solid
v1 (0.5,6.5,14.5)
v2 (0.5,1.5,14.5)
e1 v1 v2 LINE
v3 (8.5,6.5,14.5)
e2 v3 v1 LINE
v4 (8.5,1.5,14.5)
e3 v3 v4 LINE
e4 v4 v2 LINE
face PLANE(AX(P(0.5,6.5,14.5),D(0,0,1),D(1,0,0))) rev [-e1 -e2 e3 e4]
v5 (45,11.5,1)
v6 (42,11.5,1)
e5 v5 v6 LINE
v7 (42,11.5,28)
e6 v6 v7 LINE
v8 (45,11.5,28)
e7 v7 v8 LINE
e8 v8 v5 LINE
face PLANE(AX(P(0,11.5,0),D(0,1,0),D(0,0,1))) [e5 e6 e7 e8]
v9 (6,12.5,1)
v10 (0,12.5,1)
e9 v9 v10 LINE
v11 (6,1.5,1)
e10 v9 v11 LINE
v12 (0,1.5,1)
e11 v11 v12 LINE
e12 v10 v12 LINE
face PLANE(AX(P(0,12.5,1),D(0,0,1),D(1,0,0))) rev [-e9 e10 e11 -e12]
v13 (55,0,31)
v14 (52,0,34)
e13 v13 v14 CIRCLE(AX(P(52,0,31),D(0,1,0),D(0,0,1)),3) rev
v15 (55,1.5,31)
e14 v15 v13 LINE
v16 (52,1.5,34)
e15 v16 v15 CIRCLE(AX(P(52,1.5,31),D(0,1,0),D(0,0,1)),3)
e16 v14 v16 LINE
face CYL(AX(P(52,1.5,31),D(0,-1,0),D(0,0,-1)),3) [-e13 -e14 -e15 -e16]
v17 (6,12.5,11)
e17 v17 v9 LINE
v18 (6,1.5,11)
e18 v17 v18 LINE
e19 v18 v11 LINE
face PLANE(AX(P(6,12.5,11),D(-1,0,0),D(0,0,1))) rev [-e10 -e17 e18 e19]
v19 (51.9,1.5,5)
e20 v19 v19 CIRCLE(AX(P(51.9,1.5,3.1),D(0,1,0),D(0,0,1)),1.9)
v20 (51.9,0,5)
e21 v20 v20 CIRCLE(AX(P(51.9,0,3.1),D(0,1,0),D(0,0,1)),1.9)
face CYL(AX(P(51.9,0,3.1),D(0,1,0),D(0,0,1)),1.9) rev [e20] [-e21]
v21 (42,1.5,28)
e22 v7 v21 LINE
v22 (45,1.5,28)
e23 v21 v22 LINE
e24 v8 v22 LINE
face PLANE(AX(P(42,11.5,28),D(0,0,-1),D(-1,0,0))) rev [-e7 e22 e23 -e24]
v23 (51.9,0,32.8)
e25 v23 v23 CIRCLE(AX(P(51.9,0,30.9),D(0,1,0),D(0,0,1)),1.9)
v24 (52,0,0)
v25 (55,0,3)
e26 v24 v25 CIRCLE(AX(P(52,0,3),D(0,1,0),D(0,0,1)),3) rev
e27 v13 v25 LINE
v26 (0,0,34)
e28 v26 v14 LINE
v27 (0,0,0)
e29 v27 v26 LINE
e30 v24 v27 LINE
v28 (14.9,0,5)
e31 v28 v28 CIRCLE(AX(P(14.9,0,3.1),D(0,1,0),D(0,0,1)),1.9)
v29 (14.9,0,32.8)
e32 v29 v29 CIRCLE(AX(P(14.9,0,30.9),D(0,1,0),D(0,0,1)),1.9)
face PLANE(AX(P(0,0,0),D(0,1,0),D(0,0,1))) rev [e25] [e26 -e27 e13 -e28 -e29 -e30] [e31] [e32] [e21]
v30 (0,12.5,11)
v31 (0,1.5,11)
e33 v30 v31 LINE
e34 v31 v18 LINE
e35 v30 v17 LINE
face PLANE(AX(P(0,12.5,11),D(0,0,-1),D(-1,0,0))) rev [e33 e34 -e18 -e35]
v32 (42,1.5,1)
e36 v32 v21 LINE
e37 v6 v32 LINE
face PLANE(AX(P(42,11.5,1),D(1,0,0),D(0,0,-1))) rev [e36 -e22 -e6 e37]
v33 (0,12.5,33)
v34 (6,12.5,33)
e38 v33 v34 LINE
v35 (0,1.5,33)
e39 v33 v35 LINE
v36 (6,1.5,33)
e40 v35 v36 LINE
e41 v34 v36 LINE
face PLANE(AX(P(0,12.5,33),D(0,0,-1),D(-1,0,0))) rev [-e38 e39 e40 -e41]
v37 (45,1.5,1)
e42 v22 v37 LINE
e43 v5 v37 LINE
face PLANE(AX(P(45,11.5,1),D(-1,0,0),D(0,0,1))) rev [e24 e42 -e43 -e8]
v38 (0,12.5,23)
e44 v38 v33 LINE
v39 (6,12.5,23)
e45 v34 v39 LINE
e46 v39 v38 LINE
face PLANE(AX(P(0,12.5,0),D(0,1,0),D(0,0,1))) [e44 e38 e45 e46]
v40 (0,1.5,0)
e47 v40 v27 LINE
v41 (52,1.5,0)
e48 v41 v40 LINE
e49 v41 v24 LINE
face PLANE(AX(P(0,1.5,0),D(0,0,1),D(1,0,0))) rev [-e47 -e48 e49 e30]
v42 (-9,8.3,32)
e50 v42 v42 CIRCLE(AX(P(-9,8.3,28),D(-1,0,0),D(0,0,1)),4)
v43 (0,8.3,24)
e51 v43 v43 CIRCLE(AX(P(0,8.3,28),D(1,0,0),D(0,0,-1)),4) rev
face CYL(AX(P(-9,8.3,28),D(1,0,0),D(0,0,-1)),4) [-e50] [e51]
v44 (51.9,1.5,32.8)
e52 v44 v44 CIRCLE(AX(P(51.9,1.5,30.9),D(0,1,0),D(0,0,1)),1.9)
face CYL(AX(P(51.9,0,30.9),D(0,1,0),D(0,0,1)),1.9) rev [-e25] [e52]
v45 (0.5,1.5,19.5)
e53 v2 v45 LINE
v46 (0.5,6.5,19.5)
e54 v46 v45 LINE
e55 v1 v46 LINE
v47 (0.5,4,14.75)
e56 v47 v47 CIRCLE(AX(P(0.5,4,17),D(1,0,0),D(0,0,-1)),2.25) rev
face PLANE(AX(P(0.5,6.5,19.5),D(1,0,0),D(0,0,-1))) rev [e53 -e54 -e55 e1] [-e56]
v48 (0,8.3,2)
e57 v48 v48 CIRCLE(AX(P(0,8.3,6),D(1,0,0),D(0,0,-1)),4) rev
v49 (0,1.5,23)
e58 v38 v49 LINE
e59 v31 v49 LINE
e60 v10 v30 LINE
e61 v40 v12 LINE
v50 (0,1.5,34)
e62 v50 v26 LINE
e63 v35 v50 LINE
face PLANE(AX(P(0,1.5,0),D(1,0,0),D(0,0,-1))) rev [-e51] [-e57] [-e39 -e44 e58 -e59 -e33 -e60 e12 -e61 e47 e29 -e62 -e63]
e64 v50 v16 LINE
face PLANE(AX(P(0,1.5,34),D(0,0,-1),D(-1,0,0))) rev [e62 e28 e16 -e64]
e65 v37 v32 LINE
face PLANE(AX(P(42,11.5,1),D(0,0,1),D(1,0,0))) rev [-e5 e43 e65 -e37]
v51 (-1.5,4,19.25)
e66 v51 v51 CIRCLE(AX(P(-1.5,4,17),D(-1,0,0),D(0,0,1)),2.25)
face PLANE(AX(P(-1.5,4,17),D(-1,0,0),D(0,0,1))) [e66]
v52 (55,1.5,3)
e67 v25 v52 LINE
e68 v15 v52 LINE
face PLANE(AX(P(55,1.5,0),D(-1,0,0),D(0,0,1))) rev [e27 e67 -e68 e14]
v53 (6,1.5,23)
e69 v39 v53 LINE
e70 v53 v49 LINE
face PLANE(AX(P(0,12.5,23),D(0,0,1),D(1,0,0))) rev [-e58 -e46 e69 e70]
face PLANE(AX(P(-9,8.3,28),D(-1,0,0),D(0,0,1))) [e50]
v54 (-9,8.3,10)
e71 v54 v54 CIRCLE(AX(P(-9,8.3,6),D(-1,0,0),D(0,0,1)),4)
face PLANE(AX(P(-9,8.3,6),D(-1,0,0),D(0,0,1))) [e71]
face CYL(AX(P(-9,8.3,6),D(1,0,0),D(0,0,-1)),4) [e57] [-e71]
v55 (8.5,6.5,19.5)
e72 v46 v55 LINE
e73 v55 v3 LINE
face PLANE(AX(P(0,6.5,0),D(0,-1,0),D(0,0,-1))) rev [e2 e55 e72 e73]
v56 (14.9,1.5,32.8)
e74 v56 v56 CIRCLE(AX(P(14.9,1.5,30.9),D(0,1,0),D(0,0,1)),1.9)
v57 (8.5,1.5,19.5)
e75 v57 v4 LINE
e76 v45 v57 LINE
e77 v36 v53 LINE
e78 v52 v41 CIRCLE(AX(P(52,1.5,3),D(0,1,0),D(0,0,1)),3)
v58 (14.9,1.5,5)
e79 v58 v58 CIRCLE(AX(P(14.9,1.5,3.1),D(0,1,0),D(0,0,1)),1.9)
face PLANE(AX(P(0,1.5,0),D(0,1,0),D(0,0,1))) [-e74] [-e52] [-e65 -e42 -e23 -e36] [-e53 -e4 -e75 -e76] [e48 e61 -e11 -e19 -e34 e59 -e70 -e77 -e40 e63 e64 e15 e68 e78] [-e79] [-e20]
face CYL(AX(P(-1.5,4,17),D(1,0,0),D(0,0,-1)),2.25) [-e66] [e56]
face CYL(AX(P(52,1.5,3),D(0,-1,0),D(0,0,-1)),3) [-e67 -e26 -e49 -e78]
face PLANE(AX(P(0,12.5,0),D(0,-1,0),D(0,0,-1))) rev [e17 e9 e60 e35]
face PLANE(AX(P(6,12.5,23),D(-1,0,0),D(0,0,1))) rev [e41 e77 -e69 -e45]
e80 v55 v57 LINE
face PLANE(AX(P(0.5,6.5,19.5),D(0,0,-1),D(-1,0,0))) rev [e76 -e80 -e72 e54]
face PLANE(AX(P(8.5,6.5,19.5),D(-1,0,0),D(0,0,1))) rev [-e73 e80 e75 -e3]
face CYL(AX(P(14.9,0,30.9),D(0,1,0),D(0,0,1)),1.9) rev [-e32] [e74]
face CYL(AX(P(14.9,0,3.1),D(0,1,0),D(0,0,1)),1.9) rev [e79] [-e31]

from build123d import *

# Parameters (mm, degrees)
SKETCH1_W           = 55
SKETCH1_H           = 34
BOSS_EXTRUDE1_DEPTH = 1.5
SKETCH2_R           = 1.9
CUT_EXTRUDE1_DEPTH  = 2.5
FILLET1_R           = 3
SKETCH3_W           = 8
SKETCH3_H           = 5
BOSS_EXTRUDE2_DEPTH = 5
SKETCH4_R           = 2.25
BOSS_EXTRUDE3_DEPTH = 2
SKETCH5_W           = 3
SKETCH5_H           = 27
BOSS_EXTRUDE4_DEPTH = 10
SKETCH6_W           = 6
SKETCH6_H           = 10
BOSS_EXTRUDE5_DEPTH = 11
SKETCH7_R           = 4
BOSS_EXTRUDE6_DEPTH = 9


with BuildPart() as part:
    # Sketch1 → Boss-Extrude1 (new body)
    with BuildSketch(Plane(origin=(0, 0, 0), x_dir=(1, 0, 0), z_dir=(0, 1, 0))):
        with Locations((27.5, -17)):
            Rectangle(SKETCH1_W, SKETCH1_H)
    extrude(amount=BOSS_EXTRUDE1_DEPTH)

    # Sketch2 → Cut-Extrude1 (cut, through all)
    with BuildSketch(Plane(origin=(0, 1.5, 0), x_dir=(1, 0, 0), z_dir=(0, 1, 0))):
        with Locations((51.9, -30.9)):
            Circle(SKETCH2_R)
        with Locations((14.9, -30.9)):
            Circle(SKETCH2_R)
        with Locations((14.9, -3.1)):
            Circle(SKETCH2_R)
        with Locations((51.9, -3.1)):
            Circle(SKETCH2_R)
    extrude(amount=-CUT_EXTRUDE1_DEPTH, mode=Mode.SUBTRACT)

    # Fillet1
    fillet1_edges = [part.edges().sort_by_distance(p)[0] for p in [
        (55, 0.75, 0),
        (55, 0.75, 34),
    ]]
    fillet(fillet1_edges, radius=FILLET1_R)

    # Sketch3 → Boss-Extrude2 (add)
    with BuildSketch(Plane(origin=(0, 1.5, 0), x_dir=(1, 0, 0), z_dir=(0, 1, 0))):
        with Locations((4.5, -17)):
            Rectangle(SKETCH3_W, SKETCH3_H)
    extrude(amount=BOSS_EXTRUDE2_DEPTH)

    # Sketch4 → Boss-Extrude3 (add)
    with BuildSketch(Plane.ZY.offset(-0.5)):
        with Locations((17, 4)):
            Circle(SKETCH4_R)
    extrude(amount=BOSS_EXTRUDE3_DEPTH)

    # Sketch5 → Boss-Extrude4 (add)
    with BuildSketch(Plane(origin=(0, 1.5, 0), x_dir=(1, 0, 0), z_dir=(0, 1, 0))):
        with Locations((43.5, -14.5)):
            Rectangle(SKETCH5_W, SKETCH5_H)
    extrude(amount=BOSS_EXTRUDE4_DEPTH)

    # Sketch6 → Boss-Extrude5 (add)
    with BuildSketch(Plane(origin=(0, 1.5, 0), x_dir=(1, 0, 0), z_dir=(0, 1, 0))):
        with Locations((3, -6)):
            Rectangle(SKETCH6_W, SKETCH6_H)
        with Locations((3, -28)):
            Rectangle(SKETCH6_W, SKETCH6_H)
    extrude(amount=BOSS_EXTRUDE5_DEPTH)

    # Sketch7 → Boss-Extrude6 (add)
    with BuildSketch(Plane.ZY):
        with Locations((28, 8.3)):
            Circle(SKETCH7_R)
        with Locations((6, 8.3)):
            Circle(SKETCH7_R)
    extrude(amount=BOSS_EXTRUDE6_DEPTH)


solid = part.part
